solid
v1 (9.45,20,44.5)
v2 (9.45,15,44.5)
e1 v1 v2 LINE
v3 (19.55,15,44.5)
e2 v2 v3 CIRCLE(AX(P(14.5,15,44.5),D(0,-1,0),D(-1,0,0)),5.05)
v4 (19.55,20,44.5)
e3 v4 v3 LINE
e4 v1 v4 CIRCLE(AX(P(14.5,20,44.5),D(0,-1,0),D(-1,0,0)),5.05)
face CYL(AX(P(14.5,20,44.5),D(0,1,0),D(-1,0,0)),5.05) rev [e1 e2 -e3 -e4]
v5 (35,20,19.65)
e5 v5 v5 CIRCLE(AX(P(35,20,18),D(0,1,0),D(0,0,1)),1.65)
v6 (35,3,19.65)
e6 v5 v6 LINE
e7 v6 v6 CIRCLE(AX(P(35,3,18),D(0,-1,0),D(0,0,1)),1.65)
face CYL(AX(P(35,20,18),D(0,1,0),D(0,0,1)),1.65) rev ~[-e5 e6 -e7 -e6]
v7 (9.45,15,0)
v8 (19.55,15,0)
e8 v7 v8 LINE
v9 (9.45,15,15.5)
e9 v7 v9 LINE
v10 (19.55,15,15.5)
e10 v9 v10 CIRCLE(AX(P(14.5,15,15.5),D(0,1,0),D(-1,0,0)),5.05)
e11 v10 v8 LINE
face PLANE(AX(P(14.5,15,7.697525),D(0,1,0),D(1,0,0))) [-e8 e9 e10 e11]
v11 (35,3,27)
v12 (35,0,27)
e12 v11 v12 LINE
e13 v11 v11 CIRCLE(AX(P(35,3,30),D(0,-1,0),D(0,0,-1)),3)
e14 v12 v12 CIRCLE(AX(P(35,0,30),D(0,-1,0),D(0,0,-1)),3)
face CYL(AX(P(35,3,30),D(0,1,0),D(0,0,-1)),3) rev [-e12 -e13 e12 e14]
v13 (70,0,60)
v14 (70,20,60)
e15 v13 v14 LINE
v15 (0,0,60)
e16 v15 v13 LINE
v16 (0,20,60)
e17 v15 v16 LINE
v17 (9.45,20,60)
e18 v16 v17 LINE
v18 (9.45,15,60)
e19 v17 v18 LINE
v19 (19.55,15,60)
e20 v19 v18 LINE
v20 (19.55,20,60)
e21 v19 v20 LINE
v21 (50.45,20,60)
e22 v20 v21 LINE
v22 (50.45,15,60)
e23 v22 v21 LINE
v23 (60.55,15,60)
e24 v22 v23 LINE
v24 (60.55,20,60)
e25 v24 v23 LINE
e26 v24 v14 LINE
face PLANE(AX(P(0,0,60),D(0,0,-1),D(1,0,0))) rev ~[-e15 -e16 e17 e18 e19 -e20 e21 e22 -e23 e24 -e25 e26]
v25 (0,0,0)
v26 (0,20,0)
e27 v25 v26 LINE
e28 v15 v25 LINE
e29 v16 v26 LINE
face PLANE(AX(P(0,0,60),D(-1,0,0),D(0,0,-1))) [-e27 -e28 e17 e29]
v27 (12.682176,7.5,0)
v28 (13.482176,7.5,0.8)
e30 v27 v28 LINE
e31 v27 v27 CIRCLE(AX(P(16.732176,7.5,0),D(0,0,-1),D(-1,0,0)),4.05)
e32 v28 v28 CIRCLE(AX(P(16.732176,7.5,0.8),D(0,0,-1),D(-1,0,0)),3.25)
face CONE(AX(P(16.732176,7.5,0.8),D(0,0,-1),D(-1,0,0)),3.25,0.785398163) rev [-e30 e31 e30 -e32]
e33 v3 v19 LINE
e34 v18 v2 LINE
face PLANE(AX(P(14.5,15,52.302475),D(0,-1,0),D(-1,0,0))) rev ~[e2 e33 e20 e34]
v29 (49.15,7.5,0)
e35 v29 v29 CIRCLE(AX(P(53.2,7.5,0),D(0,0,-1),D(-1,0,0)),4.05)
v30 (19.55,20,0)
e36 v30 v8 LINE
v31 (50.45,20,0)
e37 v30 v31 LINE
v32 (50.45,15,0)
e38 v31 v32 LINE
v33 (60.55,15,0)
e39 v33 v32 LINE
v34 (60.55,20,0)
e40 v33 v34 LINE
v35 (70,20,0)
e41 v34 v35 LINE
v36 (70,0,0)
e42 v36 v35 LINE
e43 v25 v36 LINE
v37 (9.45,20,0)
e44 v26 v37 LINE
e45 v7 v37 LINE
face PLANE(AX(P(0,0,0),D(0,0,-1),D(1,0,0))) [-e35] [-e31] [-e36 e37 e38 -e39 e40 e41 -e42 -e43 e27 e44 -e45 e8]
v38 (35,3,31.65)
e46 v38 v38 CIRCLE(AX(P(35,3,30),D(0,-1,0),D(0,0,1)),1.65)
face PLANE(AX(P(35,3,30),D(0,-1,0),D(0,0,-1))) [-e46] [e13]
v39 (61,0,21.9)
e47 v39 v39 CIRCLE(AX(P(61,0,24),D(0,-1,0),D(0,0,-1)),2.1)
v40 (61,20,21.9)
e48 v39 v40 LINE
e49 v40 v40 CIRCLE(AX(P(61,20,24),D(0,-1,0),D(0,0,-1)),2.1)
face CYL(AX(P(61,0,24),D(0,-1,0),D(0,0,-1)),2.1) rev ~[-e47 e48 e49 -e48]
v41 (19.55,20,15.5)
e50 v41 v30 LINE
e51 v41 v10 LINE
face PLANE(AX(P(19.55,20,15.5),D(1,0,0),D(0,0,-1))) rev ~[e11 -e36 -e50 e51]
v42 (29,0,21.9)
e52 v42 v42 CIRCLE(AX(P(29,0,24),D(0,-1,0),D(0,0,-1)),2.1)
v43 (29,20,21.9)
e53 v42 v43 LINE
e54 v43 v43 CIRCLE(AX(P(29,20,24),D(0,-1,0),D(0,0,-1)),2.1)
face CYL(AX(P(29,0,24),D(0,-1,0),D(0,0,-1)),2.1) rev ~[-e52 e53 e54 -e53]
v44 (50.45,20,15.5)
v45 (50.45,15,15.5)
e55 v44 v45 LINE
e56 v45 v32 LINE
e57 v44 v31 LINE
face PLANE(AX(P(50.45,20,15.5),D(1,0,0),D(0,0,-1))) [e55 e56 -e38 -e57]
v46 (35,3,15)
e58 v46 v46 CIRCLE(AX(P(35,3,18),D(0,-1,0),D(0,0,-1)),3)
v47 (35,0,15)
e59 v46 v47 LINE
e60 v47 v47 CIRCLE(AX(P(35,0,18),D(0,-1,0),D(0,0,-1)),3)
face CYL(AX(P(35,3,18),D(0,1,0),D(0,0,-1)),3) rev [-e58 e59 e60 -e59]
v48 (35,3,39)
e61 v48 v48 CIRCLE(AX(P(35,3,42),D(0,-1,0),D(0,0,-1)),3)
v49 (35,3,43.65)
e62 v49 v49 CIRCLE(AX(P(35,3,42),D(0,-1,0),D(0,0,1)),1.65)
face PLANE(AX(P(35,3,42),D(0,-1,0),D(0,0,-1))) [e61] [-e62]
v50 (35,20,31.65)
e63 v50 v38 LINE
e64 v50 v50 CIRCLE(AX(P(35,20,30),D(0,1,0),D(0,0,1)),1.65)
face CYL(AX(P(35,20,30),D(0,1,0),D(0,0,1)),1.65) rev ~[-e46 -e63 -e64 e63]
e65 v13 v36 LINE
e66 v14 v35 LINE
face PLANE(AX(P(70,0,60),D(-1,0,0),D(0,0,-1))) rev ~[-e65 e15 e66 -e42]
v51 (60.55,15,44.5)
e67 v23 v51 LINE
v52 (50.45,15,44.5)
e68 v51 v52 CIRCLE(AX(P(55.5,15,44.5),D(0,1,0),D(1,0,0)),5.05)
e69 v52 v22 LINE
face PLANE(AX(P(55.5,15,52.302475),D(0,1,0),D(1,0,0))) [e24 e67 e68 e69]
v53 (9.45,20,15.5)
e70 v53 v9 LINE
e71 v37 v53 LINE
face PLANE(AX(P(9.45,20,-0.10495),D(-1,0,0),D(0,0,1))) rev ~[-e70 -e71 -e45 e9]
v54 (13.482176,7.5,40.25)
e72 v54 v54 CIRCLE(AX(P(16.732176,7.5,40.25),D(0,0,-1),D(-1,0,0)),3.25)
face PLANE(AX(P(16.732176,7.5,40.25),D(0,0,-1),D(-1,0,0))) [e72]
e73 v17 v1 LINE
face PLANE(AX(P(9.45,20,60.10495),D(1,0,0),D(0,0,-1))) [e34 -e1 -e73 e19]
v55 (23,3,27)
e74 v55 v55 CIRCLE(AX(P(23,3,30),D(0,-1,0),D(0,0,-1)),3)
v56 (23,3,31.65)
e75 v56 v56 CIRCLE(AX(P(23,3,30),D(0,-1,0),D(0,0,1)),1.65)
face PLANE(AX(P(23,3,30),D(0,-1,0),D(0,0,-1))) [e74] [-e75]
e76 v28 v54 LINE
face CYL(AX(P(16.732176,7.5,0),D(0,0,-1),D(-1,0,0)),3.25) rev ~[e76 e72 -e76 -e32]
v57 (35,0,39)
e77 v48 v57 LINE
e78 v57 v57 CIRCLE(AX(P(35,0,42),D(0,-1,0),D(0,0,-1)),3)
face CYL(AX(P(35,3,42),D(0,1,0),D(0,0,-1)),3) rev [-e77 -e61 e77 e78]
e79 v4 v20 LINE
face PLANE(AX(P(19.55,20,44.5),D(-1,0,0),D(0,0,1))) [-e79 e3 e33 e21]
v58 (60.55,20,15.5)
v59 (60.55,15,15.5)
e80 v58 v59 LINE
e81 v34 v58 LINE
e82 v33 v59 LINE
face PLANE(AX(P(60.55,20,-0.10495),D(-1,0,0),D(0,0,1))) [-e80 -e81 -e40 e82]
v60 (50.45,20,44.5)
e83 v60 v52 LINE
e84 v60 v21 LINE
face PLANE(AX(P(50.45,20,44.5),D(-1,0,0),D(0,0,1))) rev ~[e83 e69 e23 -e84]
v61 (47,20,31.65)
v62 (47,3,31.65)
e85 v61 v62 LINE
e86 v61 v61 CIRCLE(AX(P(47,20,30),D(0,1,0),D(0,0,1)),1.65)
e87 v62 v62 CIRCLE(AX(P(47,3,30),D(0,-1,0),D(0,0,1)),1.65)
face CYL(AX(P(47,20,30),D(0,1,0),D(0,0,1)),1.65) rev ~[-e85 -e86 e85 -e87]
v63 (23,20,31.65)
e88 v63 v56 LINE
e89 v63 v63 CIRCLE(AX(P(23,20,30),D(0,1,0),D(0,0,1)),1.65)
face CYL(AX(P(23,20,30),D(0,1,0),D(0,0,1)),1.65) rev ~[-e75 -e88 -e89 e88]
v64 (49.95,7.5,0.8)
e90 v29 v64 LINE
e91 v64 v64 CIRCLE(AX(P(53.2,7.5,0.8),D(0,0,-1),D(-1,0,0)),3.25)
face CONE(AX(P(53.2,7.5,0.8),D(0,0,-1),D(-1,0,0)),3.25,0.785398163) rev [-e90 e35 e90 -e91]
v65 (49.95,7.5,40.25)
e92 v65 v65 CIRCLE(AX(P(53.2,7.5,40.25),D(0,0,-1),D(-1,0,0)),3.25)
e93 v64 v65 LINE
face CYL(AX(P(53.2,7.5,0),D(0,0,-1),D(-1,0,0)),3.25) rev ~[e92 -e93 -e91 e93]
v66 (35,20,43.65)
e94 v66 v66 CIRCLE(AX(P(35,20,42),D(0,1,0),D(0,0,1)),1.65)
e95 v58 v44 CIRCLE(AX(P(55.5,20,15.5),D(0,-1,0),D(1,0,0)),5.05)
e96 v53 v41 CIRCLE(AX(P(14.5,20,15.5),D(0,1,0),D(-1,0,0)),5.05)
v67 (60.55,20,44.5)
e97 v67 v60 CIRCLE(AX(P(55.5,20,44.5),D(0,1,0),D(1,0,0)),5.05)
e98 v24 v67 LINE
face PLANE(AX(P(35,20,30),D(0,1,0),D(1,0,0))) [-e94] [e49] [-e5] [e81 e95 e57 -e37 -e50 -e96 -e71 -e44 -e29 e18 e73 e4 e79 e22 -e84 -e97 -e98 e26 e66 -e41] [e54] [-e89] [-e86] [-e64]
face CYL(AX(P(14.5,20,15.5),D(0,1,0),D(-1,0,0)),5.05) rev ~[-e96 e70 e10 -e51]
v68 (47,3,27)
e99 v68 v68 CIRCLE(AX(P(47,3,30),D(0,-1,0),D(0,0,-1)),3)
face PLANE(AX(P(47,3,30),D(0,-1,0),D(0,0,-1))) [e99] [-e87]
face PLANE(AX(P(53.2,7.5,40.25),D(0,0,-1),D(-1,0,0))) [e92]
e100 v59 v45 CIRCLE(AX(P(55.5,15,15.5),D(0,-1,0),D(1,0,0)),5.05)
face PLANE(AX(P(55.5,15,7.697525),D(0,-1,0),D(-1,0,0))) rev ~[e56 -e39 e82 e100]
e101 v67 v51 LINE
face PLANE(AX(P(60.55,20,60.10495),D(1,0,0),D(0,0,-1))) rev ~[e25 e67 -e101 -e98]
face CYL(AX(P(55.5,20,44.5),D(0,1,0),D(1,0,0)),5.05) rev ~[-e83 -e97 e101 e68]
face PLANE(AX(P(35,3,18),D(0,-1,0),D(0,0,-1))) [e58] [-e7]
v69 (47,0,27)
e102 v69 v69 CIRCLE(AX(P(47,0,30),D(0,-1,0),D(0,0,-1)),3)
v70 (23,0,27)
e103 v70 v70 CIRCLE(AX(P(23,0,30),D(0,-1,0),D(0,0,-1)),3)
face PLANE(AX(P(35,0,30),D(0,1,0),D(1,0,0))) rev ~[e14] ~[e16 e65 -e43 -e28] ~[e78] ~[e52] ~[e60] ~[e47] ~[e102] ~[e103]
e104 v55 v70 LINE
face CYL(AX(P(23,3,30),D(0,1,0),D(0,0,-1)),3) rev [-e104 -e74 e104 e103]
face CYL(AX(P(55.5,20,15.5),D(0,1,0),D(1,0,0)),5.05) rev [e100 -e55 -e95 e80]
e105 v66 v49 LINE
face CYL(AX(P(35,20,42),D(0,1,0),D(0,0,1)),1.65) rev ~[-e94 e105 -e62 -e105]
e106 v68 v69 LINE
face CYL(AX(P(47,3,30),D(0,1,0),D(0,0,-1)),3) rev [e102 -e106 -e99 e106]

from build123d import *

# Parameters (mm, degrees)
SKETCH3_W           = 70
SKETCH3_H           = 60
BOSS_EXTRUDE3_DEPTH = 20
SKETCH4_R           = 1.65
CUT_EXTRUDE1_DEPTH  = 95.339811321
SKETCH6_R           = 2.1
CUT_EXTRUDE2_DEPTH  = 95.339811321
SKETCH9_R           = 3.25
CUT_EXTRUDE3_DEPTH  = 40.25
CUT_EXTRUDE4_START  = -3
SKETCH11_R          = 3
SKETCH11_R_2        = 1.65
CUT_EXTRUDE4_DEPTH  = 3
CHAMFER1_SIZE       = 0.8
CUT_EXTRUDE5_DEPTH  = 5


with BuildPart() as part:
    # Sketch3 → Boss-Extrude3 (new body)
    with BuildSketch(Plane(origin=(0, 0, 0), x_dir=(1, 0, 0), z_dir=(0, 1, 0))):
        with Locations((35, -30)):
            Rectangle(SKETCH3_W, SKETCH3_H)
    extrude(amount=BOSS_EXTRUDE3_DEPTH)

    # Sketch4 → Cut-Extrude1 (cut, through all)
    with BuildSketch(Plane(origin=(0, 20, 0), x_dir=(1, 0, 0), z_dir=(0, 1, 0))):
        with Locations(Location((35, -30, 0), (0, 0, 270))):
            Circle(SKETCH4_R)
        with Locations(Location((35, -18, 0), (0, 0, 270))):
            Circle(SKETCH4_R)
        with Locations(Location((47, -30, 0), (0, 0, 270))):
            Circle(SKETCH4_R)
        with Locations(Location((35, -42, 0), (0, 0, 270))):
            Circle(SKETCH4_R)
        with Locations(Location((23, -30, 0), (0, 0, 270))):
            Circle(SKETCH4_R)
    extrude(amount=-CUT_EXTRUDE1_DEPTH, mode=Mode.SUBTRACT)

    # Sketch6 → Cut-Extrude2 (cut, through all)
    with BuildSketch(Plane.XZ):
        with Locations(Location((61, 24, 0), (0, 0, 270))):
            Circle(SKETCH6_R)
        with Locations(Location((29, 24, 0), (0, 0, 270))):
            Circle(SKETCH6_R)
    extrude(amount=-CUT_EXTRUDE2_DEPTH, mode=Mode.SUBTRACT)

    # Sketch9 → Cut-Extrude3 (cut)
    with BuildSketch(Plane(origin=(0, 0, 0), x_dir=(-1, 0, 0), z_dir=(0, 0, -1))):
        with Locations((-53.2, 7.5)):
            Circle(SKETCH9_R)
        with Locations((-16.732176158, 7.5)):
            Circle(SKETCH9_R)
    extrude(amount=-CUT_EXTRUDE3_DEPTH, mode=Mode.SUBTRACT)

    # Sketch11 → Cut-Extrude4 (cut)
    # profile 1 of 10: a face of its own
    with BuildSketch(Plane.XZ.offset(CUT_EXTRUDE4_START)):
        with Locations(Location((35, 18, 0), (0, 0, 270))):
            Circle(SKETCH11_R)
        with Locations(Location((35, 18, 0), (0, 0, 90))):
            Circle(SKETCH11_R_2, mode=Mode.SUBTRACT)
    # profile 2 of 10: a face of its own
    with BuildSketch(Plane.XZ.offset(CUT_EXTRUDE4_START)):
        with Locations(Location((35, 30, 0), (0, 0, 270))):
            Circle(SKETCH11_R)
        with Locations(Location((35, 30, 0), (0, 0, 90))):
            Circle(SKETCH11_R_2, mode=Mode.SUBTRACT)
    # profile 3 of 10: a face of its own
    with BuildSketch(Plane.XZ.offset(CUT_EXTRUDE4_START)):
        with Locations(Location((47, 30, 0), (0, 0, 270))):
            Circle(SKETCH11_R)
        with Locations(Location((47, 30, 0), (0, 0, 90))):
            Circle(SKETCH11_R_2, mode=Mode.SUBTRACT)
    # profile 4 of 10: a face of its own
    with BuildSketch(Plane.XZ.offset(CUT_EXTRUDE4_START)):
        with Locations(Location((23, 30, 0), (0, 0, 270))):
            Circle(SKETCH11_R)
        with Locations(Location((23, 30, 0), (0, 0, 90))):
            Circle(SKETCH11_R_2, mode=Mode.SUBTRACT)
    # profile 5 of 10: a face of its own
    with BuildSketch(Plane.XZ.offset(CUT_EXTRUDE4_START)):
        with Locations(Location((35, 42, 0), (0, 0, 270))):
            Circle(SKETCH11_R)
        with Locations(Location((35, 42, 0), (0, 0, 90))):
            Circle(SKETCH11_R_2, mode=Mode.SUBTRACT)
    # profile 6 of 10: a face of its own
    with BuildSketch(Plane.XZ.offset(CUT_EXTRUDE4_START)):
        with Locations(Location((35, 42, 0), (0, 0, 90))):
            Circle(SKETCH11_R_2)
    # profile 7 of 10: a face of its own
    with BuildSketch(Plane.XZ.offset(CUT_EXTRUDE4_START)):
        with Locations(Location((23, 30, 0), (0, 0, 90))):
            Circle(SKETCH11_R_2)
    # profile 8 of 10: a face of its own
    with BuildSketch(Plane.XZ.offset(CUT_EXTRUDE4_START)):
        with Locations(Location((35, 30, 0), (0, 0, 90))):
            Circle(SKETCH11_R_2)
    # profile 9 of 10: a face of its own
    with BuildSketch(Plane.XZ.offset(CUT_EXTRUDE4_START)):
        with Locations(Location((47, 30, 0), (0, 0, 90))):
            Circle(SKETCH11_R_2)
    # profile 10 of 10: a face of its own
    with BuildSketch(Plane.XZ.offset(CUT_EXTRUDE4_START)):
        with Locations(Location((35, 18, 0), (0, 0, 90))):
            Circle(SKETCH11_R_2)
    extrude(amount=CUT_EXTRUDE4_DEPTH, mode=Mode.SUBTRACT)

    # Chamfer1
    chamfer1_edges = [part.edges().sort_by_distance(p)[0] for p in [
        (56.45, 7.5, 0),
        (19.982176158, 7.5, 0),
    ]]
    chamfer(chamfer1_edges, length=CHAMFER1_SIZE)

    # Sketch12 → Cut-Extrude5 (cut)
    with BuildSketch(Plane(origin=(0, 20, 0), x_dir=(1, 0, 0), z_dir=(0, 1, 0))):
        with BuildLine():
            Line((9.45, -60.104949747), (9.45, -44.5))
            ThreePointArc((9.45, -44.5), (14.5, -39.45), (19.55, -44.5))
            Line((19.55, -44.5), (19.55, -60.104949747))
            ThreePointArc((19.55, -60.104949747), (14.5, -65.154949747), (9.45, -60.104949747))
        make_face()
        with BuildLine():
            Line((60.55, -60.104949747), (60.55, -44.5))
            ThreePointArc((60.55, -44.5), (55.5, -39.45), (50.45, -44.5))
            Line((50.45, -44.5), (50.45, -60.104949747))
            ThreePointArc((50.45, -60.104949747), (55.5, -65.154949747), (60.55, -60.104949747))
        make_face()
        with BuildLine():
            Line((60.55, 0.104949747), (60.55, -15.5))
            ThreePointArc((60.55, -15.5), (55.5, -20.55), (50.45, -15.5))
            Line((50.45, -15.5), (50.45, 0.104949747))
            ThreePointArc((50.45, 0.104949747), (55.5, 5.154949747), (60.55, 0.104949747))
        make_face()
        with BuildLine():
            Line((9.45, 0.104949747), (9.45, -15.5))
            ThreePointArc((9.45, -15.5), (14.5, -20.55), (19.55, -15.5))
            Line((19.55, -15.5), (19.55, 0.104949747))
            ThreePointArc((19.55, 0.104949747), (14.5, 5.154949747), (9.45, 0.104949747))
        make_face()
    extrude(amount=-CUT_EXTRUDE5_DEPTH, mode=Mode.SUBTRACT)


solid = part.part
